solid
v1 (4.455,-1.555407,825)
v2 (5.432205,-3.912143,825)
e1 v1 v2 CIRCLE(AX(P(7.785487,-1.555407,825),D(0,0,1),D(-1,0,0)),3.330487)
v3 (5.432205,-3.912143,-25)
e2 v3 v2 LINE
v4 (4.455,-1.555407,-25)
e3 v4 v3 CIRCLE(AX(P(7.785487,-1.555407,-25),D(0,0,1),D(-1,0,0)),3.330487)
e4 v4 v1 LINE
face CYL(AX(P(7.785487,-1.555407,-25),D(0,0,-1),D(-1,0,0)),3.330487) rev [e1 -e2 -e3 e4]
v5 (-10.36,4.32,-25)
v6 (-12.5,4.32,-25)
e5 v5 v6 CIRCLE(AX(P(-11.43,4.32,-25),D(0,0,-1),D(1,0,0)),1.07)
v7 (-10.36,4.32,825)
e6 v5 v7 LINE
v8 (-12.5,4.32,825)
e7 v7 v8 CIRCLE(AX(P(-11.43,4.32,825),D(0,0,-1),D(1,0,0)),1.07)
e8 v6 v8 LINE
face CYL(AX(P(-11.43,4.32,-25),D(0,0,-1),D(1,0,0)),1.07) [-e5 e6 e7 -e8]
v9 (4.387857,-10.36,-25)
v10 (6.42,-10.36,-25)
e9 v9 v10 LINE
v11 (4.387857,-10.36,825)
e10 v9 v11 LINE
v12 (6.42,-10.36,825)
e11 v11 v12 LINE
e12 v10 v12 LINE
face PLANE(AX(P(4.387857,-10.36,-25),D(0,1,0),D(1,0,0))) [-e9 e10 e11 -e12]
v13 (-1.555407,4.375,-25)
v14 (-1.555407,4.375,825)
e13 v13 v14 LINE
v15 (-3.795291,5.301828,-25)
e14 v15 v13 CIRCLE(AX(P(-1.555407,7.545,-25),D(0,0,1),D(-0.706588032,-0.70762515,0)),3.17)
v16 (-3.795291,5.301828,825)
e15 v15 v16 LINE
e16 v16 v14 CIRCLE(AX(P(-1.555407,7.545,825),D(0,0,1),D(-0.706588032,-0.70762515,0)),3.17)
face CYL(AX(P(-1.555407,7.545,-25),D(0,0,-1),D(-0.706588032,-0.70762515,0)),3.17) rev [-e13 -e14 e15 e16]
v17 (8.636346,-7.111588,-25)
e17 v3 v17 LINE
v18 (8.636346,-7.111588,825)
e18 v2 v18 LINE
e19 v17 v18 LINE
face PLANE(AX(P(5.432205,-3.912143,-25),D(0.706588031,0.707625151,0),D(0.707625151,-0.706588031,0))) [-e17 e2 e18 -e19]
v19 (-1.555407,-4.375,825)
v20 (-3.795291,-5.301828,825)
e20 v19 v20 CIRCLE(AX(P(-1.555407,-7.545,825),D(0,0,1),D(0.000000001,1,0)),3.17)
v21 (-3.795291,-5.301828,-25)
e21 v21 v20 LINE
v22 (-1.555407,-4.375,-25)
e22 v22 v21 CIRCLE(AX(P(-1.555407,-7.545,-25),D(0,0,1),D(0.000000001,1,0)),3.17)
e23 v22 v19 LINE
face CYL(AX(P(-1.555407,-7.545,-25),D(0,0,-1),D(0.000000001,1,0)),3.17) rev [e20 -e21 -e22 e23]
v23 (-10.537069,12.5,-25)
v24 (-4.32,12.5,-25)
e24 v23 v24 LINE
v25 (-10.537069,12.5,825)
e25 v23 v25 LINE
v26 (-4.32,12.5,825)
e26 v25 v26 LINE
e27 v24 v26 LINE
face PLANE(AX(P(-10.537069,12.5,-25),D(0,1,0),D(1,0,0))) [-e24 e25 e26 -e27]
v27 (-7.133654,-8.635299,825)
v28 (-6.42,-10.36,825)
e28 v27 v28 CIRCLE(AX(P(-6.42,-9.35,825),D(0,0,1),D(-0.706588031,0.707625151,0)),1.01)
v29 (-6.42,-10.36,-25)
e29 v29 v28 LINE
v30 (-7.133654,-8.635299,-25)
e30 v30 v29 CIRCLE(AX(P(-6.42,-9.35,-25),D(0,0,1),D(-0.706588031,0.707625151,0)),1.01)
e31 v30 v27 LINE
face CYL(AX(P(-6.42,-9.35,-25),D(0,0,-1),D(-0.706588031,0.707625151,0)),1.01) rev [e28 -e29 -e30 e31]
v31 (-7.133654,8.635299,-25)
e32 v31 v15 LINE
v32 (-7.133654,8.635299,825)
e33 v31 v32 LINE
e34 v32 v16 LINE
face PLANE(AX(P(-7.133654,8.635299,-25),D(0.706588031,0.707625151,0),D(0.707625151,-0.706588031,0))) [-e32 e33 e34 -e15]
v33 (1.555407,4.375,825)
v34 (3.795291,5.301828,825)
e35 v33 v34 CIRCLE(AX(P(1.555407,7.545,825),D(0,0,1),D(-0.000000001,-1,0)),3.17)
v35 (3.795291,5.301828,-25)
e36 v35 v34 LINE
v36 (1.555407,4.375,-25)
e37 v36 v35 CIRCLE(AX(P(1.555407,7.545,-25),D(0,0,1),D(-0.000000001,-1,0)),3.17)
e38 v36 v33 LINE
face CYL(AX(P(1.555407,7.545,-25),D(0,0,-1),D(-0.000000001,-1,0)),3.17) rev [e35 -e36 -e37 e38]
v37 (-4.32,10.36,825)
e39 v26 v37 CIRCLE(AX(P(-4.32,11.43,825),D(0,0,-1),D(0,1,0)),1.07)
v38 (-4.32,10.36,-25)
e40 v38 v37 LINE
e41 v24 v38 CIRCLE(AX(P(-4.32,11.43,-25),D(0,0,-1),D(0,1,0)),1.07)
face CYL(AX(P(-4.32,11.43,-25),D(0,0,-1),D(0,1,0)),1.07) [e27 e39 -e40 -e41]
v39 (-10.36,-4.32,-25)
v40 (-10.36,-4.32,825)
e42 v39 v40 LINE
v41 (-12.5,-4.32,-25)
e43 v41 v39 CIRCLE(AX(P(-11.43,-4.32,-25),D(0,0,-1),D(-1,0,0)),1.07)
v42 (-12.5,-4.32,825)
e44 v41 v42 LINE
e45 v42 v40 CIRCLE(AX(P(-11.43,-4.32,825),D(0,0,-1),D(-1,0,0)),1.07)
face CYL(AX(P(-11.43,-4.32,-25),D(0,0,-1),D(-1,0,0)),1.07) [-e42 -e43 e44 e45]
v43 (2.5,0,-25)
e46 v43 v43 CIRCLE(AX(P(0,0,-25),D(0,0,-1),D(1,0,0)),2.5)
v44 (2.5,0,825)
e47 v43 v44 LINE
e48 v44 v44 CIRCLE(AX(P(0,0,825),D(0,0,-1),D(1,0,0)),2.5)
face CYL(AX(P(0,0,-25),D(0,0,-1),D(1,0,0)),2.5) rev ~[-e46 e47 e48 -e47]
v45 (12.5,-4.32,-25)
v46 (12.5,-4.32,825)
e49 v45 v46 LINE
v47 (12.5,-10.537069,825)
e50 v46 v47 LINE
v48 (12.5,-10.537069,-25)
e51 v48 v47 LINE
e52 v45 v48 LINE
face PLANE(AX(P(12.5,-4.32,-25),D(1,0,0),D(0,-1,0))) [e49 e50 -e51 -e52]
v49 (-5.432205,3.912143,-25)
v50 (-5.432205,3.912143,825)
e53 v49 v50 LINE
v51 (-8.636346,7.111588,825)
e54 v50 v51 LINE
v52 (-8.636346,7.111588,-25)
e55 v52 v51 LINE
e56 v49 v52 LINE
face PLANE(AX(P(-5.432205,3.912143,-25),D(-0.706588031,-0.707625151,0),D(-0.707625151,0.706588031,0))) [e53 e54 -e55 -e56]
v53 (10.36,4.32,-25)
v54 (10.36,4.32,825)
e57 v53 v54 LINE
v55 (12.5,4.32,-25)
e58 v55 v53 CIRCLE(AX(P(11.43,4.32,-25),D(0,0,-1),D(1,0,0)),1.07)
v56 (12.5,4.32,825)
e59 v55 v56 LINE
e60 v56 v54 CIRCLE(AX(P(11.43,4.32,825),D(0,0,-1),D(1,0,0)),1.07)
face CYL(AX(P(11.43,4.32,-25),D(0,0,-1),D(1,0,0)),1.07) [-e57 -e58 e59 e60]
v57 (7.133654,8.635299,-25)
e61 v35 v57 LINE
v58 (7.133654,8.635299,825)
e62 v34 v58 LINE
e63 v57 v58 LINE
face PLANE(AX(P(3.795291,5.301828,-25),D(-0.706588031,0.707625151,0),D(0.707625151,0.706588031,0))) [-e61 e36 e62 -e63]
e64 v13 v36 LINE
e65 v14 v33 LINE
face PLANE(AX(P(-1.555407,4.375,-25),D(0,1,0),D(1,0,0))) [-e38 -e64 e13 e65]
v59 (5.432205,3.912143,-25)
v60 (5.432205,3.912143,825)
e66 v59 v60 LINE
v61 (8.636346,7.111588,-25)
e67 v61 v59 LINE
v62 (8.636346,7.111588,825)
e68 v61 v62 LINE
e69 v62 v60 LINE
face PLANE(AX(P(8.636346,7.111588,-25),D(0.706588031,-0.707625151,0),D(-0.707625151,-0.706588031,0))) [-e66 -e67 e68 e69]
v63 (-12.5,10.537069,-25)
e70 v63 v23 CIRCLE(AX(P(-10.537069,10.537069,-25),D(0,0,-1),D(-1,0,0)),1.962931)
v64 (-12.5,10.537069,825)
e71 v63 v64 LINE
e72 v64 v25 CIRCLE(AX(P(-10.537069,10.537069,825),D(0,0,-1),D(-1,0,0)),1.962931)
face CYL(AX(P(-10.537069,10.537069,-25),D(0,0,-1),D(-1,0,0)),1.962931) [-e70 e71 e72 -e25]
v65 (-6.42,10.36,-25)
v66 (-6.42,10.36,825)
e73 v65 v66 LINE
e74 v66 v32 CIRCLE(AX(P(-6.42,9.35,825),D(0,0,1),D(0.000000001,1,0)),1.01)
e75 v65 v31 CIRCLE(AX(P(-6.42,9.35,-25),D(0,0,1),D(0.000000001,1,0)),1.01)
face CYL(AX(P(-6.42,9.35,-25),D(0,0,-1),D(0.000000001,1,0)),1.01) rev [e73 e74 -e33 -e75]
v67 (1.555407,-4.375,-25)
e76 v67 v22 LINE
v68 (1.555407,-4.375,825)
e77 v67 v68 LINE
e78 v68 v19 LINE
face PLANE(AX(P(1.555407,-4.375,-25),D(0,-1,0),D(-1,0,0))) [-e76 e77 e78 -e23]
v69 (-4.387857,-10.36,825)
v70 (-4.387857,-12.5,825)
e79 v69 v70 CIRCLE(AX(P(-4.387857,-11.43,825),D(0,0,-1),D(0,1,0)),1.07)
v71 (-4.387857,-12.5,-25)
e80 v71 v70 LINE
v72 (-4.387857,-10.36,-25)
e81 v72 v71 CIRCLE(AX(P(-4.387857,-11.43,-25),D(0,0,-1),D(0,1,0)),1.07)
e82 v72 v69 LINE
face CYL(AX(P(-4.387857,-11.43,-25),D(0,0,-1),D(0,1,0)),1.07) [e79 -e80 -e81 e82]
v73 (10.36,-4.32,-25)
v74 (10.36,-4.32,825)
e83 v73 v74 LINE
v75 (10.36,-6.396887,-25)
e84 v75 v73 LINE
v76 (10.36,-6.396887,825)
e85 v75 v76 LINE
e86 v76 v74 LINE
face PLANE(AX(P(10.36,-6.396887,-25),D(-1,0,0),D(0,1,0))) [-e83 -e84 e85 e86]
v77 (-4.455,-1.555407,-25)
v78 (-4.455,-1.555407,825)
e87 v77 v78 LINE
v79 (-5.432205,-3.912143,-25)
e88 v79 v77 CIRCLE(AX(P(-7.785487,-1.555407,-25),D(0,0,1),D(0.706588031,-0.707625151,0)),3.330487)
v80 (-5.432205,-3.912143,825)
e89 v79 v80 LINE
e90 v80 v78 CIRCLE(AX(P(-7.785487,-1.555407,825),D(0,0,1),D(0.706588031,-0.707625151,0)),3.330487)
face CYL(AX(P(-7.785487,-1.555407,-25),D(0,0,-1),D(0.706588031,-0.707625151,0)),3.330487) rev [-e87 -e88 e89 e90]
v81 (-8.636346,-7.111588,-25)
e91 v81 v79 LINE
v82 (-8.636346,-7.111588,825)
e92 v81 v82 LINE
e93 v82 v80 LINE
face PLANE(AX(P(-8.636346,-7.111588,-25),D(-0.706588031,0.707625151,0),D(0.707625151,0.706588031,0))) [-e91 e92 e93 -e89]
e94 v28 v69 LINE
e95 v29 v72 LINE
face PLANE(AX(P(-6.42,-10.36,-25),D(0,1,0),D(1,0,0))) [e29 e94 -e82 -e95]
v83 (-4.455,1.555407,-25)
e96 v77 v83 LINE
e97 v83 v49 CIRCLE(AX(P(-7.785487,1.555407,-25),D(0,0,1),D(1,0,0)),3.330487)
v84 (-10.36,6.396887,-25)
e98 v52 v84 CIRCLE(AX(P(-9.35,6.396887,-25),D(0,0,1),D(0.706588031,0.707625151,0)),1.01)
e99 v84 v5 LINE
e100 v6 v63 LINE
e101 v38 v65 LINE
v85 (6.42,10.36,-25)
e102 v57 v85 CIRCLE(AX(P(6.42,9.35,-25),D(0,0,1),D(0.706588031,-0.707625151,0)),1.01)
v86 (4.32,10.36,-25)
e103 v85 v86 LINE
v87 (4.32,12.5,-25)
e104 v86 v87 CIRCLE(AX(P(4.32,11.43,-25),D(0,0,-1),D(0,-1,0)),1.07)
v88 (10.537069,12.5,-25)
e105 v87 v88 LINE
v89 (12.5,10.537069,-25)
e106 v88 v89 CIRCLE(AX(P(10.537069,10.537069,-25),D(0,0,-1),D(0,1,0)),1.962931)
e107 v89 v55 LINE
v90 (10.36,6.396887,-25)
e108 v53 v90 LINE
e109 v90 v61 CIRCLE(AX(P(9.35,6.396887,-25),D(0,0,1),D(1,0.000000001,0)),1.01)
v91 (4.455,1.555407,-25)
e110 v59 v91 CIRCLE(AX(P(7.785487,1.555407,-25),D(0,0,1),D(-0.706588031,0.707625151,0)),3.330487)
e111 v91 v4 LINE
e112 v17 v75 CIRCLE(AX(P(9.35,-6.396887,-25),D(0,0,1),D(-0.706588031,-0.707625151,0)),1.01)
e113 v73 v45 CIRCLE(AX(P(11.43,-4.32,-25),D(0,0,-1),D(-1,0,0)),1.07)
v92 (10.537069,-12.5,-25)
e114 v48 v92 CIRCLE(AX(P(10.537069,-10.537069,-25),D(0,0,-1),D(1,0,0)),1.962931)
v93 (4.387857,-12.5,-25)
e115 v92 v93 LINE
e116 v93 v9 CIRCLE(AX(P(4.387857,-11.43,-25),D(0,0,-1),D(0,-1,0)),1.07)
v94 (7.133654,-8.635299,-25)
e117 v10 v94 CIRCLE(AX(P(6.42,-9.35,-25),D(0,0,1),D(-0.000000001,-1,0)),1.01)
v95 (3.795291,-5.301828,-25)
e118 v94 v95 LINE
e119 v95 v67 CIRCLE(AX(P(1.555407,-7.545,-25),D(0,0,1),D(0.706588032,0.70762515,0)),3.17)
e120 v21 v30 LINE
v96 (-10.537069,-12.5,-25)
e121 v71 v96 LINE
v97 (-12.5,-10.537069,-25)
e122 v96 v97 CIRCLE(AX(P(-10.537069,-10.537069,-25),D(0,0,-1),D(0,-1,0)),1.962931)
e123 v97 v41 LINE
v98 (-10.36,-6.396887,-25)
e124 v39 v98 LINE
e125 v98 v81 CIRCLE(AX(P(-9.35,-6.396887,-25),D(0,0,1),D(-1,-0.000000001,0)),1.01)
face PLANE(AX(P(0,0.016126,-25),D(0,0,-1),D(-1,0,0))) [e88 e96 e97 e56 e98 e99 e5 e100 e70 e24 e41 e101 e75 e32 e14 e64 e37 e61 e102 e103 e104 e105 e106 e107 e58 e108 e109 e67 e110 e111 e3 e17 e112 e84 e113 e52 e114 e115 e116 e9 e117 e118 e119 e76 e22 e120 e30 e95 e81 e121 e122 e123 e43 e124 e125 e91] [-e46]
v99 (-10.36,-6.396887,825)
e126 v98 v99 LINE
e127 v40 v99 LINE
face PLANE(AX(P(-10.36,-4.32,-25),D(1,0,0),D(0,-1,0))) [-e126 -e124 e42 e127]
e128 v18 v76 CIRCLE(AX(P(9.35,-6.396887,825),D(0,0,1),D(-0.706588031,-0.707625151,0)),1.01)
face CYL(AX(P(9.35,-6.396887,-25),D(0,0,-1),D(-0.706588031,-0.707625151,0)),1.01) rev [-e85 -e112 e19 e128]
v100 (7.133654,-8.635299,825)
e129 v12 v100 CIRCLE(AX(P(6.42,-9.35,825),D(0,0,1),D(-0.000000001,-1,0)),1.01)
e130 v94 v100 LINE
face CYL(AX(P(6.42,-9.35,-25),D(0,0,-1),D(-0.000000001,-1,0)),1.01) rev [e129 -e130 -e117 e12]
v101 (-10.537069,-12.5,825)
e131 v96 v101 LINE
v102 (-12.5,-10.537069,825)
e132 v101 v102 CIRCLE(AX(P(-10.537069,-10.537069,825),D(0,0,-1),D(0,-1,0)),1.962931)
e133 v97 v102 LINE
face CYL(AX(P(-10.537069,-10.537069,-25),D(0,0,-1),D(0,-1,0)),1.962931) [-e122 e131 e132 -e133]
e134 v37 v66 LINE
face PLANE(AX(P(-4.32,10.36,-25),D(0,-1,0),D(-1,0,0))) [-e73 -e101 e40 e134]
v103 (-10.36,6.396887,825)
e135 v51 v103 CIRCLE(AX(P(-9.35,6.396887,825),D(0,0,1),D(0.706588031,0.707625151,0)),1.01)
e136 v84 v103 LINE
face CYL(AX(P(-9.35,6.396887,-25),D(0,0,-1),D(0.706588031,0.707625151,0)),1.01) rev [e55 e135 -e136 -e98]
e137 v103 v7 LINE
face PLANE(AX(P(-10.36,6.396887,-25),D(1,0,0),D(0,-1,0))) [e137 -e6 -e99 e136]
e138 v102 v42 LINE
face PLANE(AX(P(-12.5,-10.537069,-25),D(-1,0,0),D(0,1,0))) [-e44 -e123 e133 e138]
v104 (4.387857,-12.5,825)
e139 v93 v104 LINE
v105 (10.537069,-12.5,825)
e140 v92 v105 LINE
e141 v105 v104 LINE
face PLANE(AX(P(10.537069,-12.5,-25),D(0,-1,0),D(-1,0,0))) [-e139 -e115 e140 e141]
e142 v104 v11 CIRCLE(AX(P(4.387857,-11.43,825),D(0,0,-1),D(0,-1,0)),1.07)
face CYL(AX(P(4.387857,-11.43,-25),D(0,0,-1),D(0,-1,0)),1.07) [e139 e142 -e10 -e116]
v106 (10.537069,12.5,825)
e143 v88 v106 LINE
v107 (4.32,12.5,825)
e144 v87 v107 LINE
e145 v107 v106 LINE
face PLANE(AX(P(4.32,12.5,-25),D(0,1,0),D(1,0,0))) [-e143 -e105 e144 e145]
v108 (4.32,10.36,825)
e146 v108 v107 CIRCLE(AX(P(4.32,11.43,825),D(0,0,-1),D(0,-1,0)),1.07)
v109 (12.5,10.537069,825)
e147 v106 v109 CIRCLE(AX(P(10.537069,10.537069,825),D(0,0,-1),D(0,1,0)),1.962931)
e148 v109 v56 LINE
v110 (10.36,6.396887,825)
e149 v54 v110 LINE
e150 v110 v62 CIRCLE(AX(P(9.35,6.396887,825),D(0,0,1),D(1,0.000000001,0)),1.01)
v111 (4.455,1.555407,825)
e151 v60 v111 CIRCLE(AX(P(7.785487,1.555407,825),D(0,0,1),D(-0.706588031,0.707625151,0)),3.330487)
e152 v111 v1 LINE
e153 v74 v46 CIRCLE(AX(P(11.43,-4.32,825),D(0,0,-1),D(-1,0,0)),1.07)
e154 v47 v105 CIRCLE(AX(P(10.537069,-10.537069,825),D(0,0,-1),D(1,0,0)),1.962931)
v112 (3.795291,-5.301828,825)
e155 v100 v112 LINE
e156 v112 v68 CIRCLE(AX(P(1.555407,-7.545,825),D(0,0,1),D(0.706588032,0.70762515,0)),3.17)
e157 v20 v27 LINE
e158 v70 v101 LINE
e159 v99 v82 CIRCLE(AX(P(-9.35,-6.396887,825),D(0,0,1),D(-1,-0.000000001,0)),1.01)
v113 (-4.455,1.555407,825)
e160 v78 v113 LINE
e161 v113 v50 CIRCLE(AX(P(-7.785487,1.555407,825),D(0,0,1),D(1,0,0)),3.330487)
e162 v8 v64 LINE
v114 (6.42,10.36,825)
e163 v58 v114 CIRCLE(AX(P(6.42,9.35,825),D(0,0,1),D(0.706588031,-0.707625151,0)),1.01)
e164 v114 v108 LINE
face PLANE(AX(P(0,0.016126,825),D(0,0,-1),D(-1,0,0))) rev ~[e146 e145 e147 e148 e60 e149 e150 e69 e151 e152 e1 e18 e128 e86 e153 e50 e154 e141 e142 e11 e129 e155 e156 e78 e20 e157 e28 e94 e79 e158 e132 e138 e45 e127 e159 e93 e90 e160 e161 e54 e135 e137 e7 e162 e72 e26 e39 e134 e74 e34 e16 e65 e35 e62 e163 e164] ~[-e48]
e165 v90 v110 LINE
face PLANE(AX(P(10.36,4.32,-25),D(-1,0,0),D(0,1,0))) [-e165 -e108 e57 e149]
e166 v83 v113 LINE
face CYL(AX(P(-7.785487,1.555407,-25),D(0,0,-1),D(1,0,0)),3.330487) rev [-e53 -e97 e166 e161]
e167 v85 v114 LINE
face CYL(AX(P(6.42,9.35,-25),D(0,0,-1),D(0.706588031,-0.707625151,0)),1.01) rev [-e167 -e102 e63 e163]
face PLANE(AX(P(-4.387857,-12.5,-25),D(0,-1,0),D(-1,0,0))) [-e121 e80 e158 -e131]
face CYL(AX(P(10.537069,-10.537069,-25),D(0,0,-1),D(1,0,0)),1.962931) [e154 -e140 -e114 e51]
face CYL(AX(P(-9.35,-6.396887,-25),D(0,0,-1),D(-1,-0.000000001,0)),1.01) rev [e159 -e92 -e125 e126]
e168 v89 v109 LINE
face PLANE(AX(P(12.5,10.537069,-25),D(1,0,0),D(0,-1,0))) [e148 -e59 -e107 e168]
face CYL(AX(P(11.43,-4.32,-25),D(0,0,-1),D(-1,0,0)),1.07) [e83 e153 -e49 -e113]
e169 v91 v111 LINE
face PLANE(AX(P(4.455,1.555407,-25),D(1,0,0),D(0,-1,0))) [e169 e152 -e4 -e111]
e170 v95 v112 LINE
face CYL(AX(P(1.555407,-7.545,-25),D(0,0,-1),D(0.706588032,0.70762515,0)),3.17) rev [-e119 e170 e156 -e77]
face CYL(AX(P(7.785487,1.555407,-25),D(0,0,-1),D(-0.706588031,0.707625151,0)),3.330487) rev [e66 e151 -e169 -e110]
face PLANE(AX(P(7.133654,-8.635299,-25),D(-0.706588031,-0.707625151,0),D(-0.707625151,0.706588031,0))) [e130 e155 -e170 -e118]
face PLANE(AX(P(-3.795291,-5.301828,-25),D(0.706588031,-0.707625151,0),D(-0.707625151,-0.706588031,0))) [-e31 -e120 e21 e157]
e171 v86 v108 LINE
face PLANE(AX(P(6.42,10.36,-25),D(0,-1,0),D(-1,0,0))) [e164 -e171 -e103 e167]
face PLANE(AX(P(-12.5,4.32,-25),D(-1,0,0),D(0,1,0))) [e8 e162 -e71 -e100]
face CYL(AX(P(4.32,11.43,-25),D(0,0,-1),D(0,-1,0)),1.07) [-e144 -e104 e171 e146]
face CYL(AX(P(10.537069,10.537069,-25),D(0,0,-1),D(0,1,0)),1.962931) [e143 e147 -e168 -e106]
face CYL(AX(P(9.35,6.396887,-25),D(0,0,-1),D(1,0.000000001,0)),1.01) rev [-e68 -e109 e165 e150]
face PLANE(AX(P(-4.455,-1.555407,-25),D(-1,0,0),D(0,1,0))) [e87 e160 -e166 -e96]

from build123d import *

# Parameters (mm, degrees)
SKETCH1_R           = 2.5
BOSS_EXTRUDE1_DEPTH = 850


with BuildPart() as part:
    # Sketch1 → Boss-Extrude1 (new body)
    with BuildSketch(Plane(origin=(0, 0, -25), x_dir=(-1, 0, 0), z_dir=(0, 0, -1))):
        with BuildLine():
            Line((12.5, 4.32), (12.5, 10.537068835))
            ThreePointArc((12.5, 10.537068835), (11.925070773, 11.925070773), (10.537068835, 12.5))
            Line((10.537068835, 12.5), (4.32, 12.5))
            ThreePointArc((4.32, 12.5), (3.25, 11.43), (4.32, 10.36))
            Line((4.32, 10.36), (6.42, 10.36))
            ThreePointArc((6.42, 10.36), (7.35325999, 9.736168088), (7.133653911, 8.635298598))
            Line((7.133653911, 8.635298598), (3.795290766, 5.301828272))
            ThreePointArc((3.795290766, 5.301828272), (2.76743922, 4.61585726), (1.555406707, 4.375))
            Line((1.555406707, 4.375), (-1.555406707, 4.375))
            ThreePointArc((-1.555406707, 4.375), (-2.76743922, 4.61585726), (-3.795290766, 5.301828272))
            Line((-3.795290766, 5.301828272), (-7.133653912, 8.635298598))
            ThreePointArc((-7.133653912, 8.635298598), (-7.35325999, 9.736168088), (-6.42, 10.36))
            Line((-6.42, 10.36), (-4.32, 10.36))
            ThreePointArc((-4.32, 10.36), (-3.25, 11.43), (-4.32, 12.5))
            Line((-4.32, 12.5), (-10.537068835, 12.5))
            ThreePointArc((-10.537068835, 12.5), (-11.925070773, 11.925070773), (-12.5, 10.537068835))
            Line((-12.5, 10.537068835), (-12.5, 4.32))
            ThreePointArc((-12.5, 4.32), (-11.43, 3.25), (-10.36, 4.32))
            Line((-10.36, 4.32), (-10.36, 6.396886949))
            ThreePointArc((-10.36, 6.396886949), (-9.736852394, 7.329863489), (-8.636346088, 7.111588351))
            Line((-8.636346088, 7.111588351), (-5.432204773, 3.912143135))
            ThreePointArc((-5.432204773, 3.912143135), (-4.708985779, 2.831057106), (-4.455, 1.555406707))
            Line((-4.455, 1.555406707), (-4.455, -1.555406707))
            ThreePointArc((-4.455, -1.555406707), (-4.708985779, -2.831057106), (-5.432204773, -3.912143135))
            Line((-5.432204773, -3.912143135), (-8.636346088, -7.111588351))
            ThreePointArc((-8.636346088, -7.111588351), (-9.736852394, -7.329863489), (-10.36, -6.396886949))
            Line((-10.36, -6.396886949), (-10.36, -4.32))
            ThreePointArc((-10.36, -4.32), (-11.43, -3.25), (-12.5, -4.32))
            Line((-12.5, -4.32), (-12.5, -10.537068835))
            ThreePointArc((-12.5, -10.537068835), (-11.925070773, -11.925070773), (-10.537068835, -12.5))
            Line((-10.537068835, -12.5), (-4.387856959, -12.5))
            ThreePointArc((-4.387856959, -12.5), (-3.317856959, -11.43), (-4.387856959, -10.36))
            Line((-4.387856959, -10.36), (-6.42, -10.36))
            ThreePointArc((-6.42, -10.36), (-7.35325999, -9.736168088), (-7.133653912, -8.635298598))
            Line((-7.133653912, -8.635298598), (-3.795290766, -5.301828272))
            ThreePointArc((-3.795290766, -5.301828272), (-2.76743922, -4.61585726), (-1.555406707, -4.375))
            Line((-1.555406707, -4.375), (1.555406707, -4.375))
            ThreePointArc((1.555406707, -4.375), (2.76743922, -4.61585726), (3.795290766, -5.301828272))
            Line((3.795290766, -5.301828272), (7.133653912, -8.635298598))
            ThreePointArc((7.133653912, -8.635298598), (7.35325999, -9.736168088), (6.42, -10.36))
            Line((6.42, -10.36), (4.387856959, -10.36))
            ThreePointArc((4.387856959, -10.36), (3.317856959, -11.43), (4.387856959, -12.5))
            Line((4.387856959, -12.5), (10.537068835, -12.5))
            ThreePointArc((10.537068835, -12.5), (11.925070773, -11.925070773), (12.5, -10.537068835))
            Line((12.5, -10.537068835), (12.5, -4.32))
            ThreePointArc((12.5, -4.32), (11.43, -3.25), (10.36, -4.32))
            Line((10.36, -4.32), (10.36, -6.396886949))
            ThreePointArc((10.36, -6.396886949), (9.736852394, -7.329863489), (8.636346088, -7.111588351))
            Line((8.636346088, -7.111588351), (5.432204773, -3.912143135))
            ThreePointArc((5.432204773, -3.912143135), (4.708985779, -2.831057106), (4.455, -1.555406707))
            Line((4.455, -1.555406707), (4.455, 1.555406707))
            ThreePointArc((4.455, 1.555406707), (4.708985779, 2.831057106), (5.432204773, 3.912143135))
            Line((5.432204773, 3.912143135), (8.636346088, 7.111588351))
            ThreePointArc((8.636346088, 7.111588351), (9.736852394, 7.329863489), (10.36, 6.396886949))
            Line((10.36, 6.396886949), (10.36, 4.32))
            ThreePointArc((10.36, 4.32), (11.43, 3.25), (12.5, 4.32))
        make_face()
        with Locations(Location((0, 0, 0), (0, 0, 180))):
            Circle(SKETCH1_R, mode=Mode.SUBTRACT)
    extrude(amount=-BOSS_EXTRUDE1_DEPTH)


solid = part.part
